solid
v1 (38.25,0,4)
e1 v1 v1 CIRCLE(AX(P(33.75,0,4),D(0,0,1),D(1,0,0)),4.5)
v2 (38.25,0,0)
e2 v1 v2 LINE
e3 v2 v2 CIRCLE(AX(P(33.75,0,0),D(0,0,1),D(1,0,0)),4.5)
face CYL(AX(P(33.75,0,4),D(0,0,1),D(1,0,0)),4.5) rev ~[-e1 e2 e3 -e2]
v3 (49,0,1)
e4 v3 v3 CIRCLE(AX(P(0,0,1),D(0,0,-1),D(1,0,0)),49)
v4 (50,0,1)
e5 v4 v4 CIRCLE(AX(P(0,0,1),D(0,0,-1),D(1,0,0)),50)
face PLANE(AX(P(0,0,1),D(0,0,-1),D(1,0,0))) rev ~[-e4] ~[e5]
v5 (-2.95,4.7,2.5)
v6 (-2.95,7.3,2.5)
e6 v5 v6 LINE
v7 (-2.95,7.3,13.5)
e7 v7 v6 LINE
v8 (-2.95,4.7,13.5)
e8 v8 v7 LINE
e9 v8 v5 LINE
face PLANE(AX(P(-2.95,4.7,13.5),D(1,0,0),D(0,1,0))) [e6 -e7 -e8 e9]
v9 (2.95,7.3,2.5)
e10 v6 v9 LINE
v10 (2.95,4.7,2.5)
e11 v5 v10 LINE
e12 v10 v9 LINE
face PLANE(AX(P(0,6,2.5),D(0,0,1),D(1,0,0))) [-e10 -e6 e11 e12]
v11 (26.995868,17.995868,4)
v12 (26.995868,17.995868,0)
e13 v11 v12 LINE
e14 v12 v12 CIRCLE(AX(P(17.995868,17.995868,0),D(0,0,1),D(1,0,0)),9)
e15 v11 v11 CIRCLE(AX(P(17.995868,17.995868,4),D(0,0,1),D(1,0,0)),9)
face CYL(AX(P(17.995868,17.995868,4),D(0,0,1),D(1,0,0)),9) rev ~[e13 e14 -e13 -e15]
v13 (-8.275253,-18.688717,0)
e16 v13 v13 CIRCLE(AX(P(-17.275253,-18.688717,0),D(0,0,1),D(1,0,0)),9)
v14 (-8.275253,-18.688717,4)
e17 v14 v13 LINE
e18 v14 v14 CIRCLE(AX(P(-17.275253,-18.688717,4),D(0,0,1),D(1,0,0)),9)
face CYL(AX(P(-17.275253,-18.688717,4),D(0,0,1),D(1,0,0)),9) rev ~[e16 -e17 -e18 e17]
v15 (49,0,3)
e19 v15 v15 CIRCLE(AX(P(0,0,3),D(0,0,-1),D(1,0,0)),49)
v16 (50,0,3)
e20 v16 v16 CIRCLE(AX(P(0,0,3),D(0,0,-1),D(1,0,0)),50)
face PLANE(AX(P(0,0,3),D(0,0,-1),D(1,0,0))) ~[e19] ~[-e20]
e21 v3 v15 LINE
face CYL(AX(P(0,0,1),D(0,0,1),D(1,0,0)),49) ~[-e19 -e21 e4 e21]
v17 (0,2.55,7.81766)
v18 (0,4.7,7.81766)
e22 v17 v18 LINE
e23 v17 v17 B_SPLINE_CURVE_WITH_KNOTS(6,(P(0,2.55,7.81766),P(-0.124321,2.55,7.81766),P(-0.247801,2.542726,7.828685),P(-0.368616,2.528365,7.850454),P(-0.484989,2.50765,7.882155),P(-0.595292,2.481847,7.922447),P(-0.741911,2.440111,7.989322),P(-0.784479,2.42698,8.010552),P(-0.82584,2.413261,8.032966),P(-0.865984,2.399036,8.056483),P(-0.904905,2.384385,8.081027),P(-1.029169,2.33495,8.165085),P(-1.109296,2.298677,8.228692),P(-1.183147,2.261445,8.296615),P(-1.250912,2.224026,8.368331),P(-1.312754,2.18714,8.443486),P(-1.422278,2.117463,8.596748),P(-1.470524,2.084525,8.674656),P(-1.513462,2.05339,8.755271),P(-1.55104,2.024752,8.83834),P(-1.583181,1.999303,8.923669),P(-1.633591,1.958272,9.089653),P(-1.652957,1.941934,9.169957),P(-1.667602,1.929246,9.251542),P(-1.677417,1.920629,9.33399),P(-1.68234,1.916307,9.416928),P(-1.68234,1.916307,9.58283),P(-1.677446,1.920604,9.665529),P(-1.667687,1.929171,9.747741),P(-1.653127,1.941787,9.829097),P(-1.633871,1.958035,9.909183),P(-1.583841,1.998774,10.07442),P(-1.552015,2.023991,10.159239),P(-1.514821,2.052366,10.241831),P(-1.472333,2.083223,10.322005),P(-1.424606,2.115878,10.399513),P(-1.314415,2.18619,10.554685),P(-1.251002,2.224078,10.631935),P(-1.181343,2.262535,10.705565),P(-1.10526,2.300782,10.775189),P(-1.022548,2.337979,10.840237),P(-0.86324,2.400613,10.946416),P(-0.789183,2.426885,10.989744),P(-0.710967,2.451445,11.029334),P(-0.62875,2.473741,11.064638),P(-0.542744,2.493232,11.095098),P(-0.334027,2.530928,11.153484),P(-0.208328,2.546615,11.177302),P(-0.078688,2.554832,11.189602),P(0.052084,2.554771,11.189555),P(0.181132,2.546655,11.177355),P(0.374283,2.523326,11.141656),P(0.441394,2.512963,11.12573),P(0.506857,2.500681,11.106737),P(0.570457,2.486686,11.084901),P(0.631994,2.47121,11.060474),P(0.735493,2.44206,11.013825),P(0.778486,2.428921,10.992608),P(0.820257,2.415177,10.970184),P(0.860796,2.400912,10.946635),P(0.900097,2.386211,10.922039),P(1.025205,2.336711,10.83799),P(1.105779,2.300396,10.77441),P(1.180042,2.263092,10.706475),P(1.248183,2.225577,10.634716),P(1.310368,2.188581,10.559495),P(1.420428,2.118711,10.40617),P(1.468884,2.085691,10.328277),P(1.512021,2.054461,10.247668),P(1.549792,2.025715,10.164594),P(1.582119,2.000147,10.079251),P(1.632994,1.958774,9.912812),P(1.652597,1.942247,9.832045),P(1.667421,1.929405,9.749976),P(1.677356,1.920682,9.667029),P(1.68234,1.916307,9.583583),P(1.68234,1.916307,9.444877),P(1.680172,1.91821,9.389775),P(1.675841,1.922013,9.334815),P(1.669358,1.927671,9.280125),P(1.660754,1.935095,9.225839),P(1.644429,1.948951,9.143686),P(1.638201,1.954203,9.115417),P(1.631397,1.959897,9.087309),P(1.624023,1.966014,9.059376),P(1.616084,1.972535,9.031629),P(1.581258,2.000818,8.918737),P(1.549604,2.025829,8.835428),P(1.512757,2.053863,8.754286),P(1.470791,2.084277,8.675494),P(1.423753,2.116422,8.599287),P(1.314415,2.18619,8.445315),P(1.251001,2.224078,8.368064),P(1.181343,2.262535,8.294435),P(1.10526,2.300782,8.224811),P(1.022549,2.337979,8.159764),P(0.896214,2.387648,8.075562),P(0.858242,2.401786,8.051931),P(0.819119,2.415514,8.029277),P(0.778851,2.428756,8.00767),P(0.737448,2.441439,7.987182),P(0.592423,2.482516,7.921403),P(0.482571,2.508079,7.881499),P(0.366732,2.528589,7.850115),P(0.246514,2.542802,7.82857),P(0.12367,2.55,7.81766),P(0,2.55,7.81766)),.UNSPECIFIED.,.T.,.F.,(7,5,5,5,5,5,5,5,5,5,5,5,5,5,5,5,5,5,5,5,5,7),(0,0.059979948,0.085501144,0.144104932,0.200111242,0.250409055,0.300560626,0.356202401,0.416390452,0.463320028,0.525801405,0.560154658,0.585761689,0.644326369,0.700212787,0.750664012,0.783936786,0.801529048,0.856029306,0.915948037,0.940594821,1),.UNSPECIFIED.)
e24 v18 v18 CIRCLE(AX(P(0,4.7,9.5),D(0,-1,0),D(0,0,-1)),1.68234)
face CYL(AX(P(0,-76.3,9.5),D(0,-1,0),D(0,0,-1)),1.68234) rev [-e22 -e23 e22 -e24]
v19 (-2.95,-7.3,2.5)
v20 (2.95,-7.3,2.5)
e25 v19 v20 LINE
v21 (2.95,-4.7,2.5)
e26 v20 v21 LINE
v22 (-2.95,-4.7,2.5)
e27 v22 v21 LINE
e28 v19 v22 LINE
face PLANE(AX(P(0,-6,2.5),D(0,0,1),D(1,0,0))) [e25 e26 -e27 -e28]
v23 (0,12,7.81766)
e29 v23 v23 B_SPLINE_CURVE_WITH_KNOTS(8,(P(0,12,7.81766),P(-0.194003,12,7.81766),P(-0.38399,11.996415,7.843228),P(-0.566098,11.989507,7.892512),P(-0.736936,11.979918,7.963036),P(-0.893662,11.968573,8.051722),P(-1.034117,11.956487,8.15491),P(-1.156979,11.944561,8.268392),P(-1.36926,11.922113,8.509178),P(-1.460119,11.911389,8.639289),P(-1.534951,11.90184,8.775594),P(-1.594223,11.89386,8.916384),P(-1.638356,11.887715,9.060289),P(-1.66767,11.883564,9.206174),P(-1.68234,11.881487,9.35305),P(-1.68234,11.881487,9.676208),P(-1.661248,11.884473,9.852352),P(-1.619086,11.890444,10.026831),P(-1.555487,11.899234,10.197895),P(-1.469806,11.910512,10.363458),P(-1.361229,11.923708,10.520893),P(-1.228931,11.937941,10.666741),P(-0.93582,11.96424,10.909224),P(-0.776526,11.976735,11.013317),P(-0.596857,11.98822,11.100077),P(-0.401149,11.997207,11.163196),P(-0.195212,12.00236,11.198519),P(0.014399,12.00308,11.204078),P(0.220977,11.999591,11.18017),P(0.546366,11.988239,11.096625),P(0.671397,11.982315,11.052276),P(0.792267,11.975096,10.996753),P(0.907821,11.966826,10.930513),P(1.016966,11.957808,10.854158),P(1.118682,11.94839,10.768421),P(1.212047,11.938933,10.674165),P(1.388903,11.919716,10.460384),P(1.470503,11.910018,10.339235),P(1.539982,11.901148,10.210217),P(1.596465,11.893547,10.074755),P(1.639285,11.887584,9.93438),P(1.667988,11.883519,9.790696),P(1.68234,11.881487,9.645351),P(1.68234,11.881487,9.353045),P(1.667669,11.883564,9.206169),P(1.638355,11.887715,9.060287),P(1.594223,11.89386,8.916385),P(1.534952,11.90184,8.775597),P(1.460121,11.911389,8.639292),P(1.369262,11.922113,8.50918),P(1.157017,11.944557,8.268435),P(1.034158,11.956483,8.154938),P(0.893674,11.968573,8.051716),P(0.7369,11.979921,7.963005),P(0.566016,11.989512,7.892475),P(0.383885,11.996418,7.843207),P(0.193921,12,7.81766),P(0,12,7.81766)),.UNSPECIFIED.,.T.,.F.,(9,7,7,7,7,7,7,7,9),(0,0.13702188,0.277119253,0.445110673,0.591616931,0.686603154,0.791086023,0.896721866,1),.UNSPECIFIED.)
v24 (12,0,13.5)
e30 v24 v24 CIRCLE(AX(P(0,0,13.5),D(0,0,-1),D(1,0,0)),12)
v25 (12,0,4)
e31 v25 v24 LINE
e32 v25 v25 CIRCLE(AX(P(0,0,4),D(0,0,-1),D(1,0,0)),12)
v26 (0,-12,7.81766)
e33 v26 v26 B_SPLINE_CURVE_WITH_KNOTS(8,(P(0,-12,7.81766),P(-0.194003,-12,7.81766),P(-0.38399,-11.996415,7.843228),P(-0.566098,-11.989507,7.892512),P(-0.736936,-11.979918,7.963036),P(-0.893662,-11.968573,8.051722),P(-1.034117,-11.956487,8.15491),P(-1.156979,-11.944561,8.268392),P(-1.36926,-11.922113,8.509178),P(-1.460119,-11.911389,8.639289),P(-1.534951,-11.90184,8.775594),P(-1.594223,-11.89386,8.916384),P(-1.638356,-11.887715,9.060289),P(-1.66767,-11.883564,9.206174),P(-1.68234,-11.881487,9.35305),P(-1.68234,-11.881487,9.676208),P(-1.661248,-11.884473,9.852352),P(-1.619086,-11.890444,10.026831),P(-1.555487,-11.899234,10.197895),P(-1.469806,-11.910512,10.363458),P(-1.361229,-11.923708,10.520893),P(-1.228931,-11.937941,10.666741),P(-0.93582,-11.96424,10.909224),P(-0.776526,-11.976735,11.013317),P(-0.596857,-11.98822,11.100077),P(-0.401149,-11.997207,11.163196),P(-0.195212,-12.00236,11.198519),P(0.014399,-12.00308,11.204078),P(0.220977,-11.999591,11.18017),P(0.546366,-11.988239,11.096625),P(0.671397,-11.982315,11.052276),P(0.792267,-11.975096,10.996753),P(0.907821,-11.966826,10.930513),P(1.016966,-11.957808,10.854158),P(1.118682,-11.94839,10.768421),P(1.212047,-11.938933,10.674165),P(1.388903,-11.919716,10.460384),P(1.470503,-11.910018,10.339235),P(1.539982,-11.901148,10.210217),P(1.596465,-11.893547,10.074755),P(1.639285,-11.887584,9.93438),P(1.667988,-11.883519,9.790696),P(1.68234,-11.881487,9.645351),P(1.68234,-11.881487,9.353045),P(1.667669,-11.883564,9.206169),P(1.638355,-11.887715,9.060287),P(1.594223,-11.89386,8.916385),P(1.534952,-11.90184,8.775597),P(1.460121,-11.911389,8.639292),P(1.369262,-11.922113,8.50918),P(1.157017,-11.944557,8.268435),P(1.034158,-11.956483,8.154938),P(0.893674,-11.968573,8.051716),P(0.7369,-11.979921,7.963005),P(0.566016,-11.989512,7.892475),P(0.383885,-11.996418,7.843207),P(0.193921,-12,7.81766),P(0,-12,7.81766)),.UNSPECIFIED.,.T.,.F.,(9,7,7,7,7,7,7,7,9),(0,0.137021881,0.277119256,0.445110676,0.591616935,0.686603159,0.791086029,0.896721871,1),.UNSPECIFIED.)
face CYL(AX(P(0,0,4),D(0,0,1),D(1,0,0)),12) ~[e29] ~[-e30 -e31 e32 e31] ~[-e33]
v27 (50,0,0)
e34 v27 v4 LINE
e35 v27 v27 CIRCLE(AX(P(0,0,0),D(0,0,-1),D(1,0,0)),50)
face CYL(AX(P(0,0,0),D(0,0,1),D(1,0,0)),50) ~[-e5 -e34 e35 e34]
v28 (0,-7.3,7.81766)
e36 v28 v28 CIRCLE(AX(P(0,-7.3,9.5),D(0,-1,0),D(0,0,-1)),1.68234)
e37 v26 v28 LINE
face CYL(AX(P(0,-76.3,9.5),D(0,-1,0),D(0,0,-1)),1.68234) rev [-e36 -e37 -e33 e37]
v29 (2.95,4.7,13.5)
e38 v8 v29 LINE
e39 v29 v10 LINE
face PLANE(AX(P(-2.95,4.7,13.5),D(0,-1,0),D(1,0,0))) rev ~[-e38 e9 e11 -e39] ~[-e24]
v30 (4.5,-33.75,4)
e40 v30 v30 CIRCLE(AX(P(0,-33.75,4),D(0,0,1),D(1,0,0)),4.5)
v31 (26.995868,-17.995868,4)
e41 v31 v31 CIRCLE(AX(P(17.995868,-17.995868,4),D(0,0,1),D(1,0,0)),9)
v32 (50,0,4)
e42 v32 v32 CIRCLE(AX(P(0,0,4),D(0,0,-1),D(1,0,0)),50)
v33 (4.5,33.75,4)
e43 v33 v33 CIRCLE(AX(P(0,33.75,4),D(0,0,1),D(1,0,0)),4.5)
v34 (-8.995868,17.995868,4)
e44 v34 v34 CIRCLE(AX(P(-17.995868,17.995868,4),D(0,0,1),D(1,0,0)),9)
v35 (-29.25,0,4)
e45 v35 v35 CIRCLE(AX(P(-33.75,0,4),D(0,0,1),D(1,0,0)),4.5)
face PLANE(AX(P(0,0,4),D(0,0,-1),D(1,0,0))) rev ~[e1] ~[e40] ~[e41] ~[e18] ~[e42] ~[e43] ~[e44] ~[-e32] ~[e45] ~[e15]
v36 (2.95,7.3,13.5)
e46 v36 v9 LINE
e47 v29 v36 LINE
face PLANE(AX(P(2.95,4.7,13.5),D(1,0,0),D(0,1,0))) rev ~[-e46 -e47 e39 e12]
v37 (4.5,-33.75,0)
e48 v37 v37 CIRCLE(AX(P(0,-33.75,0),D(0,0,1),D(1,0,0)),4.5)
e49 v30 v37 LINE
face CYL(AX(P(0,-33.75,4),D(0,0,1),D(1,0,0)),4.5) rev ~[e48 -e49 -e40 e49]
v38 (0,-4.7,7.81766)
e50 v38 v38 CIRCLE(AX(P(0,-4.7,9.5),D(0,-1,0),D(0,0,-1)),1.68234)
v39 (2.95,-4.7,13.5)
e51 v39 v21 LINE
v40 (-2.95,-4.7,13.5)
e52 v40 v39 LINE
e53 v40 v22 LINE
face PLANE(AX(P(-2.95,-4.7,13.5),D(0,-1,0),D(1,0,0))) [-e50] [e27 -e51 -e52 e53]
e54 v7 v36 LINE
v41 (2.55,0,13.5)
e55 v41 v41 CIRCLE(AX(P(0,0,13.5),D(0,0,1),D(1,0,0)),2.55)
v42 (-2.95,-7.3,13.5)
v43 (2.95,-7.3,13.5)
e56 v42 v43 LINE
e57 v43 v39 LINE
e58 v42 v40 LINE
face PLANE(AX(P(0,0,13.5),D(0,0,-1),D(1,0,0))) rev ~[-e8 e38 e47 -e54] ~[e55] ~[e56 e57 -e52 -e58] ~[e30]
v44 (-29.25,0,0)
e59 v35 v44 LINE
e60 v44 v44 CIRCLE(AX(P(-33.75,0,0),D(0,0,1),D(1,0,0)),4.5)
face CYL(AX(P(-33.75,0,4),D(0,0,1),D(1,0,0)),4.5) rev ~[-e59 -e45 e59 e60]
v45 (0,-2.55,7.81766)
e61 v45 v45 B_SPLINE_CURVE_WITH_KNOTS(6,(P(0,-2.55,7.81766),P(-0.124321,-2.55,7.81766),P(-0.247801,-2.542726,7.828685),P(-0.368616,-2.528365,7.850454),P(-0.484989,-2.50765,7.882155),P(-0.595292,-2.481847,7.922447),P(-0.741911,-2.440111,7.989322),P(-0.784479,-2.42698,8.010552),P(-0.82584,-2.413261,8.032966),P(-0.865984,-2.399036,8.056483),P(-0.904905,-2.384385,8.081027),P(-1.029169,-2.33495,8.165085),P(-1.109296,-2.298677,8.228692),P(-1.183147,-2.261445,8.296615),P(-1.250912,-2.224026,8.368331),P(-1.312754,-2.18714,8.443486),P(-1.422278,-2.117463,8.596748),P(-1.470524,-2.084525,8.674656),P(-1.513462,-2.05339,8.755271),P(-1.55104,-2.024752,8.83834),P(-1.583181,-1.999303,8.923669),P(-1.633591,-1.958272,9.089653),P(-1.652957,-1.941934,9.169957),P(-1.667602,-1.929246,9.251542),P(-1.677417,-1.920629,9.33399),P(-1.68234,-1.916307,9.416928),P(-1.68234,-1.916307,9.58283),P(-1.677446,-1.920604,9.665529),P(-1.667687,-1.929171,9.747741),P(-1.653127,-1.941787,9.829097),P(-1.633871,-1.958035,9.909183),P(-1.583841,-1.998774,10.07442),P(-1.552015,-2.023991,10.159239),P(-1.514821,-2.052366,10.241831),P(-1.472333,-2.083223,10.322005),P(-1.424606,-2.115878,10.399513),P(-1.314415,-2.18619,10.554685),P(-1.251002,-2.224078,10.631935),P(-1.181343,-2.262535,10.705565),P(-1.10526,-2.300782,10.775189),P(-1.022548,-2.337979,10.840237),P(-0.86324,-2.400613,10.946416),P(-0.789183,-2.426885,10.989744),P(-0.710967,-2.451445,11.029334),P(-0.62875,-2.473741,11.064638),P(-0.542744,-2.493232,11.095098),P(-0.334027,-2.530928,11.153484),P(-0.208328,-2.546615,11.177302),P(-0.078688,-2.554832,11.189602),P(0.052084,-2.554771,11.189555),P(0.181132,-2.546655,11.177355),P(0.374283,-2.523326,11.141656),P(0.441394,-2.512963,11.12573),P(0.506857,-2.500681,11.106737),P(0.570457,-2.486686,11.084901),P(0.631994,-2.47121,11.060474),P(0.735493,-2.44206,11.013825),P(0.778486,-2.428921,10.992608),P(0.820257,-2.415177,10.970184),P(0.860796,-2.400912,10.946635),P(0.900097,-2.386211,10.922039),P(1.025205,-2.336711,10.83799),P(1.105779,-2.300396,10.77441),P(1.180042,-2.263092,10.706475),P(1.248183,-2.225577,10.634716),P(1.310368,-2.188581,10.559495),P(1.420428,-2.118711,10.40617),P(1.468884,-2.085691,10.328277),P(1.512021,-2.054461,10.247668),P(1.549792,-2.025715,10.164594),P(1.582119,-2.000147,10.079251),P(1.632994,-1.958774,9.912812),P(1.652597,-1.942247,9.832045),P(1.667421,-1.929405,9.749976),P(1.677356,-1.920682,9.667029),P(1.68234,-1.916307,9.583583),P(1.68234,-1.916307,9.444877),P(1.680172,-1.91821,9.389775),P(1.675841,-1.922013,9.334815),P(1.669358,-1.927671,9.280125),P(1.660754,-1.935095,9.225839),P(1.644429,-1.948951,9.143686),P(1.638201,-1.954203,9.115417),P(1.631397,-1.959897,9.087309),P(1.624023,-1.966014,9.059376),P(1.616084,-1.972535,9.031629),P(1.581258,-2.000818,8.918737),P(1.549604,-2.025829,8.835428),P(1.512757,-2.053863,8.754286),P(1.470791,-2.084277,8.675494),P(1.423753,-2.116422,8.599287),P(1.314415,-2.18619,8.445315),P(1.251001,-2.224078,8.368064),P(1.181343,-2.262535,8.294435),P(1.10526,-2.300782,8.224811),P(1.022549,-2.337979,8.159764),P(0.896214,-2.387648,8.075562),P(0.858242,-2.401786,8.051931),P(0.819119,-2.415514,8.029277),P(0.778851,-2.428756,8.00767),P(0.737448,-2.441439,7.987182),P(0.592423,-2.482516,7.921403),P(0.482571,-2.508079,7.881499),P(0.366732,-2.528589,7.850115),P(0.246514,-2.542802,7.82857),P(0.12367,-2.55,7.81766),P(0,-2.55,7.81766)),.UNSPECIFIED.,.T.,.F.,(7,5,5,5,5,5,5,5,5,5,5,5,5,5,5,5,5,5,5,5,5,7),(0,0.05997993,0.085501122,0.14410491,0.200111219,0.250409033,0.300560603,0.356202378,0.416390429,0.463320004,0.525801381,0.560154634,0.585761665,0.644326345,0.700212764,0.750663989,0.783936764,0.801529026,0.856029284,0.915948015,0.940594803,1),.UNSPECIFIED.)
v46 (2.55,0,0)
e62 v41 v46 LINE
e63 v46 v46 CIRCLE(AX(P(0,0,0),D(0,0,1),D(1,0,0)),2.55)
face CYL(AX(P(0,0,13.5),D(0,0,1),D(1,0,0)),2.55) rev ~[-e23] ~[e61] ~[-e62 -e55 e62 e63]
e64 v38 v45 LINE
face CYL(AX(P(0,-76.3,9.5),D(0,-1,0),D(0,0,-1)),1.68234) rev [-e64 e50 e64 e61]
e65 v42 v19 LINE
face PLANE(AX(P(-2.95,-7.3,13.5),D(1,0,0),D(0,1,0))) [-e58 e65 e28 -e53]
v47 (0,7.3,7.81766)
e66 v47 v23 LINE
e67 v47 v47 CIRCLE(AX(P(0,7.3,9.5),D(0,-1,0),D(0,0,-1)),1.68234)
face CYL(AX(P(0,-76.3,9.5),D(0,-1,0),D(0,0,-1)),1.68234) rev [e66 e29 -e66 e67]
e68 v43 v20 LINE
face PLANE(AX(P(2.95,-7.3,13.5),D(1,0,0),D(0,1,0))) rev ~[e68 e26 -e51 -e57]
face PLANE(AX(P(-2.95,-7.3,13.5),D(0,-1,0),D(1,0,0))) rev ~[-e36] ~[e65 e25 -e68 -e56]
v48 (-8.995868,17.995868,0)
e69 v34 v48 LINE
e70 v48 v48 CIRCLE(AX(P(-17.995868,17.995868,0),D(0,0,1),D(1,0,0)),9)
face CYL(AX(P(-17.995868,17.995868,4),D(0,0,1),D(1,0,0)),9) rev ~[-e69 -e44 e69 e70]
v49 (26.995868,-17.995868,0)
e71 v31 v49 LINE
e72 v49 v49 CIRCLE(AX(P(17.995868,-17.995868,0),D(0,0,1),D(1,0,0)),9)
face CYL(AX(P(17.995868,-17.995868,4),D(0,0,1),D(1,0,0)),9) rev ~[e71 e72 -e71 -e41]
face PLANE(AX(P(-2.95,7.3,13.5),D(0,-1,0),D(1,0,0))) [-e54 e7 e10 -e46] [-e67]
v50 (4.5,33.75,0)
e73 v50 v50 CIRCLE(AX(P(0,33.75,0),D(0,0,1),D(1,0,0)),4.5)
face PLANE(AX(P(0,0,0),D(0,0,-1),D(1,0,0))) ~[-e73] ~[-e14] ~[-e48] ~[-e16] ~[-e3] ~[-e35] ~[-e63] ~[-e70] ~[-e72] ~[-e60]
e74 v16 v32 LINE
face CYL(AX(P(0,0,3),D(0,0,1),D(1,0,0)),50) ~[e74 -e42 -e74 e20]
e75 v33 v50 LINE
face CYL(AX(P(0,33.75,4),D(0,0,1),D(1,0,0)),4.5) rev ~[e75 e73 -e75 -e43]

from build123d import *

# Parameters (mm, degrees)
SKETCH2_R               = 2.55
CUT_EXTRUDE1_DEPTH      = 36
SKETCH3_W               = 5.9
SKETCH3_H               = 2.6
CUT_EXTRUDE2_DEPTH      = 11
SKETCH4_R               = 4.5
SKETCH4_R_2             = 9
CUT_EXTRUDE3_DEPTH      = 11
CUT_EXTRUDE4_DEPTH      = 61
CUT_EXTRUDE4_DEPTH_BACK = 81
SKETCH5_R               = 1.682339559


with BuildPart() as part:
    # Sketch1 → Revolve2 (revolve)
    with BuildSketch(Plane(origin=(0, 0, 0), x_dir=(0, 0, -1), z_dir=(1, 0, 0)), mode=Mode.PRIVATE) as revolve2_sk:
        Polygon((0, 0), (0, 50), (-1, 50), (-1, 49), (-3, 49), (-3, 50), (-4, 50), (-4, 12), (-13.5, 12), (-13.5, 0), align=None)
    revolve(revolve2_sk.sketch.rotate(Axis((0, 0, 13.5), (0, 0, -1)), 90), axis=Axis((0, 0, 13.5), (0, 0, -1)))

    # Sketch2 → Cut-Extrude1 (cut)
    with BuildSketch(Plane.XY.offset(13.5)):
        Circle(SKETCH2_R)
    extrude(amount=-CUT_EXTRUDE1_DEPTH, mode=Mode.SUBTRACT)

    # Sketch3 → Cut-Extrude2 (cut)
    with BuildSketch(Plane.XY.offset(13.5)):
        with Locations((0, 6)):
            Rectangle(SKETCH3_W, SKETCH3_H)
        with Locations((0, -6)):
            Rectangle(SKETCH3_W, SKETCH3_H)
    extrude(amount=-CUT_EXTRUDE2_DEPTH, mode=Mode.SUBTRACT)

    # Sketch4 → Cut-Extrude3 (cut)
    with BuildSketch(Plane.XY.offset(4)):
        with Locations((0, 33.75)):
            Circle(SKETCH4_R)
        with Locations((0, -33.75)):
            Circle(SKETCH4_R)
        with Locations((33.75, 0)):
            Circle(SKETCH4_R)
        with Locations((-33.75, 0)):
            Circle(SKETCH4_R)
        with Locations((-17.995867581, 17.995867581)):
            Circle(SKETCH4_R_2)
        with Locations((17.995867581, 17.995867581)):
            Circle(SKETCH4_R_2)
        with Locations((17.995867581, -17.995867581)):
            Circle(SKETCH4_R_2)
        with Locations((-17.27525282, -18.688716917)):
            Circle(SKETCH4_R_2)
    extrude(amount=-CUT_EXTRUDE3_DEPTH, mode=Mode.SUBTRACT)

    # Sketch5 → Cut-Extrude4 (cut, two sides: drawn at the far end of the back side and taken through both)
    with BuildSketch(Plane(origin=(0, 4.7, 0), x_dir=(1, 0, 0), z_dir=(0, 1, 0)).offset(-CUT_EXTRUDE4_DEPTH_BACK)):
        with Locations(Location((0, -9.5, 0), (0, 0, 90))):
            Circle(SKETCH5_R)
    extrude(amount=CUT_EXTRUDE4_DEPTH + CUT_EXTRUDE4_DEPTH_BACK, mode=Mode.SUBTRACT)


solid = part.part
